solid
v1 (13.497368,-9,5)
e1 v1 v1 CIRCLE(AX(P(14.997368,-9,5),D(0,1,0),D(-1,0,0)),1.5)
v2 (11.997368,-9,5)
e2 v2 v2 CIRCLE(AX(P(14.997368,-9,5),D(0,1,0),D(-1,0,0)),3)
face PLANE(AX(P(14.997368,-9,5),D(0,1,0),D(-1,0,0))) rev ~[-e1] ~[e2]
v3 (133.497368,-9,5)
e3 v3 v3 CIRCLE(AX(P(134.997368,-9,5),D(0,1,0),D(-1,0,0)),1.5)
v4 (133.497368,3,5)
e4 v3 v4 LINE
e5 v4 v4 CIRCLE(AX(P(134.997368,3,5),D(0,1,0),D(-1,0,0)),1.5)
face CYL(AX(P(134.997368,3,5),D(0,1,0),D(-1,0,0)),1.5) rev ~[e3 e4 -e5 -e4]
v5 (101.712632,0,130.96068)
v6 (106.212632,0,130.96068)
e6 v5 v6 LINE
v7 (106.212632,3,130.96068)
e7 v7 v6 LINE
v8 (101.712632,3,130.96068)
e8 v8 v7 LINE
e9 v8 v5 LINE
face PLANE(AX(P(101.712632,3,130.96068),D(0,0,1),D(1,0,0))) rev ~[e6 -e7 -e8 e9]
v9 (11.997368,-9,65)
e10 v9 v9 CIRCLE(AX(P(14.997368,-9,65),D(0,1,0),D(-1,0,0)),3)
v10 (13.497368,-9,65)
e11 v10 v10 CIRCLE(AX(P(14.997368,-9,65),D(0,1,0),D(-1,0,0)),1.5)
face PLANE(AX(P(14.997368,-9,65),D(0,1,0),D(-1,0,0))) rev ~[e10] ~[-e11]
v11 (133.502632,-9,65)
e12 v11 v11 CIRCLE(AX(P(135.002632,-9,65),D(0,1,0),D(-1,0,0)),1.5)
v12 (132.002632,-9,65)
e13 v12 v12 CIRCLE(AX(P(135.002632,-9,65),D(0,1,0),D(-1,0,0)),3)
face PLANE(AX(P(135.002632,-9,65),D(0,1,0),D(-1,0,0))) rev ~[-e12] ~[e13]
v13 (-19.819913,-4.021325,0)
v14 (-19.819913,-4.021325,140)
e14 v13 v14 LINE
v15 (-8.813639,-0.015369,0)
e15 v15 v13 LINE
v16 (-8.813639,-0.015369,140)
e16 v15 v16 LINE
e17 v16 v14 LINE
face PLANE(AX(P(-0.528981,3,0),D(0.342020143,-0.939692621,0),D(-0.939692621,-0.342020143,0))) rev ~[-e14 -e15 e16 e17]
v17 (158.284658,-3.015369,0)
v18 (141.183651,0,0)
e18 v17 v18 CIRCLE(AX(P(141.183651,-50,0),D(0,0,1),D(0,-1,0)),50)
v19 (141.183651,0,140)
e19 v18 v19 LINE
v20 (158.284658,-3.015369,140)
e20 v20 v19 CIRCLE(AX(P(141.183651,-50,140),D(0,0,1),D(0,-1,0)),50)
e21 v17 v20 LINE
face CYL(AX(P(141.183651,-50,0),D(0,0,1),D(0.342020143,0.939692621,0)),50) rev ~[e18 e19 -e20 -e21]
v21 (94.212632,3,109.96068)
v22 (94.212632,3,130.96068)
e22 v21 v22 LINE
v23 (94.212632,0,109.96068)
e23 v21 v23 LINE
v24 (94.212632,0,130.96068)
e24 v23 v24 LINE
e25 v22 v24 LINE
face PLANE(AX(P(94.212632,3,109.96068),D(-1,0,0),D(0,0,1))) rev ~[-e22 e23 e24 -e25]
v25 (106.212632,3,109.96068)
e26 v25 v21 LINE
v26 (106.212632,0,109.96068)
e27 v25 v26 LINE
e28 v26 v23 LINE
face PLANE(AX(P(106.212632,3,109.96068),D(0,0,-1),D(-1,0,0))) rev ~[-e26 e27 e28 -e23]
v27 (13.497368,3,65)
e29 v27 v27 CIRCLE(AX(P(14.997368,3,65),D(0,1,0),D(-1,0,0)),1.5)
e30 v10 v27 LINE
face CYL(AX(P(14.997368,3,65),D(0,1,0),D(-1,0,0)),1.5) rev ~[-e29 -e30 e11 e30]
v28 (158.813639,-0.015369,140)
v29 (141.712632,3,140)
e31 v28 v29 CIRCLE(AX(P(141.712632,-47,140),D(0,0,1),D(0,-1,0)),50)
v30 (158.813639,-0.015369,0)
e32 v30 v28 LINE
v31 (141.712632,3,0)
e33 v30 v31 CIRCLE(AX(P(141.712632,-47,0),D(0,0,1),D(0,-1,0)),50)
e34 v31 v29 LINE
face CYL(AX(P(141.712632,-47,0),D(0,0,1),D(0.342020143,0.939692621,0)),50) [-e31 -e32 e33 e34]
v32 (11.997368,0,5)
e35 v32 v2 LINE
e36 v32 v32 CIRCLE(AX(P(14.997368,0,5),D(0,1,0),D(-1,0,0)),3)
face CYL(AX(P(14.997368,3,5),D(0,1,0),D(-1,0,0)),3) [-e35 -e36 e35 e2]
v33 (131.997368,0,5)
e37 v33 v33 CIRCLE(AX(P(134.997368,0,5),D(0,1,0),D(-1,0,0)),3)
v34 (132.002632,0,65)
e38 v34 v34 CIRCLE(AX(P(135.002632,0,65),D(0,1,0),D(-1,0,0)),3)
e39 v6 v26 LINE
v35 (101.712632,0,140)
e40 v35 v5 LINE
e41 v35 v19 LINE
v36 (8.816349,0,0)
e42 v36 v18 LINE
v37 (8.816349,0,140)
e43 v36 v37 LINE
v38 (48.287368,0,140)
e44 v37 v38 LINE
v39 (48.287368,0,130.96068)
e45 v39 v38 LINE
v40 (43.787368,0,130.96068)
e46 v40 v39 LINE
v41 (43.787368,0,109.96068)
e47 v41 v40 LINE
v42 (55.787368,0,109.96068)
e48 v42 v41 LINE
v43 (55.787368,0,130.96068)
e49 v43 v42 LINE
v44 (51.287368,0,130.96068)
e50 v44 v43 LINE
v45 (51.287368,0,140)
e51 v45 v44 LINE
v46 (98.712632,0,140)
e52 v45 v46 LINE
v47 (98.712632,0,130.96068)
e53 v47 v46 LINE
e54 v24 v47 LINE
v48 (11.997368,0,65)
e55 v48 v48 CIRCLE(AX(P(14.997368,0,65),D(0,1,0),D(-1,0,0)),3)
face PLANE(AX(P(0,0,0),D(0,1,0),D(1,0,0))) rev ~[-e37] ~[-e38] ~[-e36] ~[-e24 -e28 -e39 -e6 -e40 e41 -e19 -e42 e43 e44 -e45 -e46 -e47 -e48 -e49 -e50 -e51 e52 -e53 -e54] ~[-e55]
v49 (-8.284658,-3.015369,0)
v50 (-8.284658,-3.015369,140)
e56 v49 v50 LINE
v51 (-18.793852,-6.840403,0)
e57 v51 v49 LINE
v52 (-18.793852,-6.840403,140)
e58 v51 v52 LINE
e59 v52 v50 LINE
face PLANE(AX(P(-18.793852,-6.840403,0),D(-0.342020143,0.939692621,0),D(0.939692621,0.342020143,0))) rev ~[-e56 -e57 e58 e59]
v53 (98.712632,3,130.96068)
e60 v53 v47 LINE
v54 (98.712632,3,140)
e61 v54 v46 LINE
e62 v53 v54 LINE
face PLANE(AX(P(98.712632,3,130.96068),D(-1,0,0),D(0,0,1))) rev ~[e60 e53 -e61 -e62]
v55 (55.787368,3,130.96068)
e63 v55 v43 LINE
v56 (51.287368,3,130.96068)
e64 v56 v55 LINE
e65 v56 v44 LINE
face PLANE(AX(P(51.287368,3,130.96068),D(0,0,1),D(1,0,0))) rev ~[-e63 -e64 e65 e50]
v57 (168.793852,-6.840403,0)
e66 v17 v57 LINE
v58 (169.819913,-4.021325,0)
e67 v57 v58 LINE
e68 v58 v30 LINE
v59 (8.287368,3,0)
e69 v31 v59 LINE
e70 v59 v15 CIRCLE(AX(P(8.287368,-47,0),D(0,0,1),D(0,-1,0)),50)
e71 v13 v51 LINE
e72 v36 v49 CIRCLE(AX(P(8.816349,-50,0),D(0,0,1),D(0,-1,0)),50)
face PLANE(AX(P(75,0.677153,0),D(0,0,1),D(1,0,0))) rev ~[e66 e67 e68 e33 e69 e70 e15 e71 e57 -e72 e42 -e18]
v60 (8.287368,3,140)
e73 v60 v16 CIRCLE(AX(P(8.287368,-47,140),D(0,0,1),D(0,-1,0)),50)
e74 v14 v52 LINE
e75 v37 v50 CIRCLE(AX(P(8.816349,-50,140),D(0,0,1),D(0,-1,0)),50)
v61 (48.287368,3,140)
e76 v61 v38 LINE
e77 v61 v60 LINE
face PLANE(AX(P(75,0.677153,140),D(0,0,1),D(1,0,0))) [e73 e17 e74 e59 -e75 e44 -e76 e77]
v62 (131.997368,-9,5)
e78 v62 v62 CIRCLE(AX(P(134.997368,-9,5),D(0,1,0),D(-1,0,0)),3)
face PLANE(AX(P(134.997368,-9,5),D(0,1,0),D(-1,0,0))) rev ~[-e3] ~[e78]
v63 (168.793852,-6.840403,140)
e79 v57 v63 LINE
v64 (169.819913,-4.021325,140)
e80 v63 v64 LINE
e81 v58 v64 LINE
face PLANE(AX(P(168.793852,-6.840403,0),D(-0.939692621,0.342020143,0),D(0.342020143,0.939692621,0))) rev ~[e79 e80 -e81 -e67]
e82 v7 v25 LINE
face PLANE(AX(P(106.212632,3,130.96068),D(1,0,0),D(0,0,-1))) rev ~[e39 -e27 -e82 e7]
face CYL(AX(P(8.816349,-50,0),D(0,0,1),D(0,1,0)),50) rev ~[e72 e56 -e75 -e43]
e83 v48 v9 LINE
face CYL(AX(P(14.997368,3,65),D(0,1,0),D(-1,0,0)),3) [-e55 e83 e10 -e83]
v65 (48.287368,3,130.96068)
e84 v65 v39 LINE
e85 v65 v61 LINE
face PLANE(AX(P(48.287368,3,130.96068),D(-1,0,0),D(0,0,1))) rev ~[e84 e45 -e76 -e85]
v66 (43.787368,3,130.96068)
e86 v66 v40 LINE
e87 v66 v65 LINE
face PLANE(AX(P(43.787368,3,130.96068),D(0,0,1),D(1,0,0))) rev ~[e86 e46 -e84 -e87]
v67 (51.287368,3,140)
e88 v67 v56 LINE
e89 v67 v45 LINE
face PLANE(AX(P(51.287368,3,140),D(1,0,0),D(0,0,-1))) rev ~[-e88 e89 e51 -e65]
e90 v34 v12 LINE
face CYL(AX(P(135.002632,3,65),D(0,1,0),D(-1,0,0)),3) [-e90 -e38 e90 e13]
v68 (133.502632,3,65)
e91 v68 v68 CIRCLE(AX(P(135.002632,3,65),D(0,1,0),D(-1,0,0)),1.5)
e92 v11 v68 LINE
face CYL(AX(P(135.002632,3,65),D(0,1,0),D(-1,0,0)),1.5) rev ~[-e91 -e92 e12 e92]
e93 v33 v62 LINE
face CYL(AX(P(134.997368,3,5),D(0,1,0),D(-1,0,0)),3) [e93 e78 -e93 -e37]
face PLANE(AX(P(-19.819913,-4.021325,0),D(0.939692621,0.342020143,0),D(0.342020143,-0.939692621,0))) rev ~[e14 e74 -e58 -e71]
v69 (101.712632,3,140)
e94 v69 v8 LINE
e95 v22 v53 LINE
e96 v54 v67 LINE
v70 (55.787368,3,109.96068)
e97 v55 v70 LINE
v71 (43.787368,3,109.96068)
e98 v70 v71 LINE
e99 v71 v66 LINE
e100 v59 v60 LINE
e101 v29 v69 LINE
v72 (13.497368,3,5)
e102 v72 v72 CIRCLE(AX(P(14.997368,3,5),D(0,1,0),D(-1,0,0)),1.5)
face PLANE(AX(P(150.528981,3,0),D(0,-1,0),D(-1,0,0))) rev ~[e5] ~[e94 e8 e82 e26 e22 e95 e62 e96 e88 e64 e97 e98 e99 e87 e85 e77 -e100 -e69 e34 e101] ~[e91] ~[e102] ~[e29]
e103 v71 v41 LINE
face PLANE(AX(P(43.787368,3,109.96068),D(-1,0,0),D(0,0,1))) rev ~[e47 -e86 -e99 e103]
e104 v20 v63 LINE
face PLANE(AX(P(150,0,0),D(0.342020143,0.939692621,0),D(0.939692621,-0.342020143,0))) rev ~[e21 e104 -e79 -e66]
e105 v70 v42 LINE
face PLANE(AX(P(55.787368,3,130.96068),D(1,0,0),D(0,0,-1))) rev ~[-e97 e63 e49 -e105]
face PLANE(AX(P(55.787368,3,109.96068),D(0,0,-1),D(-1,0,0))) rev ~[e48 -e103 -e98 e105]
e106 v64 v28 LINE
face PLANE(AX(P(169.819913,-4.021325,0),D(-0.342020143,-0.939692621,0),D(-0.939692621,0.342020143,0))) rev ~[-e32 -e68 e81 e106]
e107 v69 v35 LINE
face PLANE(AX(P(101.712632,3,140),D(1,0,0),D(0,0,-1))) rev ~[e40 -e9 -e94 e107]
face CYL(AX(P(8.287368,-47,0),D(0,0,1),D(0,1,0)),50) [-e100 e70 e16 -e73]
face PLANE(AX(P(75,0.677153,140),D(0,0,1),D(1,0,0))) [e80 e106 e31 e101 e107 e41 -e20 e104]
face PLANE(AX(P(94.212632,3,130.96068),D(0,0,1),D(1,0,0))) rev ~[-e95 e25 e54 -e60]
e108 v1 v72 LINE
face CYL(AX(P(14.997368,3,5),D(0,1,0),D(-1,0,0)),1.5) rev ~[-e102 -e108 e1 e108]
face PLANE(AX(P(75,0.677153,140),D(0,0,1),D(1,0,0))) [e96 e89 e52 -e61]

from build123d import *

# Parameters (mm, degrees)
BOSS_EXTRUDE1_DEPTH = 140
FILLET1_R           = 50
FILLET2_R           = 50
CUT_EXTRUDE1_DEPTH  = 150
SKETCH4_R           = 1.5
CUT_EXTRUDE2_DEPTH  = 10
SKETCH5_R           = 3
SKETCH5_R_2         = 1.5
BOSS_EXTRUDE2_DEPTH = 12


with BuildPart() as part:
    # Sketch1 → Boss-Extrude1 (new body)
    with BuildSketch(Plane.XY):
        Polygon((0, 0), (150, 0), (168.793852416, -6.840402867), (169.819912846, -4.021325004), (150.528980942, 3), (-0.528980942, 3), (-19.819912846, -4.021325004), (-18.793852416, -6.840402867), align=None)
    extrude(amount=BOSS_EXTRUDE1_DEPTH)

    # Fillet1
    fillet1_edges = [part.edges().sort_by_distance(p)[0] for p in [
        (-0.528980942, 3, 70),
        (150.528980942, 3, 70),
    ]]
    fillet(fillet1_edges, radius=FILLET1_R)

    # Fillet2
    fillet2_edges = [part.edges().sort_by_distance(p)[0] for p in [
        (150, 0, 70),
        (0, 0, 70),
    ]]
    fillet(fillet2_edges, radius=FILLET2_R)

    # Sketch3 → Cut-Extrude1 (cut)
    with BuildSketch(Plane(origin=(0, 3, 0), x_dir=(1, 0, 0), z_dir=(0, 1, 0))):
        Polygon((101.712631907, -140), (101.712631907, -130.960680496), (106.212631907, -130.960680496), (106.212631907, -109.960680496), (94.212631907, -109.960680496), (94.212631907, -130.960680496), (98.712631907, -130.960680496), (98.712631907, -140), align=None)
        Polygon((51.287368093, -140), (51.287368093, -130.960680496), (55.787368093, -130.960680496), (55.787368093, -109.960680496), (43.787368093, -109.960680496), (43.787368093, -130.960680496), (48.287368093, -130.960680496), (48.287368093, -140), align=None)
    extrude(amount=-CUT_EXTRUDE1_DEPTH, mode=Mode.SUBTRACT)

    # Sketch4 → Cut-Extrude2 (cut)
    with BuildSketch(Plane(origin=(0, 3, 0), x_dir=(1, 0, 0), z_dir=(0, 1, 0))):
        with Locations(Location((134.997368093, -5, 0), (0, 0, 180))):
            Circle(SKETCH4_R)
        with Locations(Location((14.997368093, -5, 0), (0, 0, 180))):
            Circle(SKETCH4_R)
        with Locations(Location((135.002631907, -64.999999769, 0), (0, 0, 180))):
            Circle(SKETCH4_R)
        with Locations(Location((14.997368093, -64.999999769, 0), (0, 0, 180))):
            Circle(SKETCH4_R)
    extrude(amount=-CUT_EXTRUDE2_DEPTH, mode=Mode.SUBTRACT)

    # Sketch5 → Boss-Extrude2 (add)
    # profile 1 of 4: a face of its own
    with BuildSketch(Plane(origin=(0, 3, 0), x_dir=(1, 0, 0), z_dir=(0, 1, 0))):
        with Locations(Location((14.997368093, -5, 0), (0, 0, 180))):
            Circle(SKETCH5_R)
        with Locations(Location((14.997368093, -5, 0), (0, 0, 180))):
            Circle(SKETCH5_R_2, mode=Mode.SUBTRACT)
    # profile 2 of 4: a face of its own
    with BuildSketch(Plane(origin=(0, 3, 0), x_dir=(1, 0, 0), z_dir=(0, 1, 0))):
        with Locations(Location((134.997368093, -5, 0), (0, 0, 180))):
            Circle(SKETCH5_R)
        with Locations(Location((134.997368093, -5, 0), (0, 0, 180))):
            Circle(SKETCH5_R_2, mode=Mode.SUBTRACT)
    # profile 3 of 4: a face of its own
    with BuildSketch(Plane(origin=(0, 3, 0), x_dir=(1, 0, 0), z_dir=(0, 1, 0))):
        with Locations(Location((135.002631907, -64.999999769, 0), (0, 0, 180))):
            Circle(SKETCH5_R)
        with Locations(Location((135.002631907, -64.999999769, 0), (0, 0, 180))):
            Circle(SKETCH5_R_2, mode=Mode.SUBTRACT)
    # profile 4 of 4: a face of its own
    with BuildSketch(Plane(origin=(0, 3, 0), x_dir=(1, 0, 0), z_dir=(0, 1, 0))):
        with Locations(Location((14.997368093, -64.999999769, 0), (0, 0, 180))):
            Circle(SKETCH5_R)
        with Locations(Location((14.997368093, -64.999999769, 0), (0, 0, 180))):
            Circle(SKETCH5_R_2, mode=Mode.SUBTRACT)
    extrude(amount=-BOSS_EXTRUDE2_DEPTH)


solid = part.part
